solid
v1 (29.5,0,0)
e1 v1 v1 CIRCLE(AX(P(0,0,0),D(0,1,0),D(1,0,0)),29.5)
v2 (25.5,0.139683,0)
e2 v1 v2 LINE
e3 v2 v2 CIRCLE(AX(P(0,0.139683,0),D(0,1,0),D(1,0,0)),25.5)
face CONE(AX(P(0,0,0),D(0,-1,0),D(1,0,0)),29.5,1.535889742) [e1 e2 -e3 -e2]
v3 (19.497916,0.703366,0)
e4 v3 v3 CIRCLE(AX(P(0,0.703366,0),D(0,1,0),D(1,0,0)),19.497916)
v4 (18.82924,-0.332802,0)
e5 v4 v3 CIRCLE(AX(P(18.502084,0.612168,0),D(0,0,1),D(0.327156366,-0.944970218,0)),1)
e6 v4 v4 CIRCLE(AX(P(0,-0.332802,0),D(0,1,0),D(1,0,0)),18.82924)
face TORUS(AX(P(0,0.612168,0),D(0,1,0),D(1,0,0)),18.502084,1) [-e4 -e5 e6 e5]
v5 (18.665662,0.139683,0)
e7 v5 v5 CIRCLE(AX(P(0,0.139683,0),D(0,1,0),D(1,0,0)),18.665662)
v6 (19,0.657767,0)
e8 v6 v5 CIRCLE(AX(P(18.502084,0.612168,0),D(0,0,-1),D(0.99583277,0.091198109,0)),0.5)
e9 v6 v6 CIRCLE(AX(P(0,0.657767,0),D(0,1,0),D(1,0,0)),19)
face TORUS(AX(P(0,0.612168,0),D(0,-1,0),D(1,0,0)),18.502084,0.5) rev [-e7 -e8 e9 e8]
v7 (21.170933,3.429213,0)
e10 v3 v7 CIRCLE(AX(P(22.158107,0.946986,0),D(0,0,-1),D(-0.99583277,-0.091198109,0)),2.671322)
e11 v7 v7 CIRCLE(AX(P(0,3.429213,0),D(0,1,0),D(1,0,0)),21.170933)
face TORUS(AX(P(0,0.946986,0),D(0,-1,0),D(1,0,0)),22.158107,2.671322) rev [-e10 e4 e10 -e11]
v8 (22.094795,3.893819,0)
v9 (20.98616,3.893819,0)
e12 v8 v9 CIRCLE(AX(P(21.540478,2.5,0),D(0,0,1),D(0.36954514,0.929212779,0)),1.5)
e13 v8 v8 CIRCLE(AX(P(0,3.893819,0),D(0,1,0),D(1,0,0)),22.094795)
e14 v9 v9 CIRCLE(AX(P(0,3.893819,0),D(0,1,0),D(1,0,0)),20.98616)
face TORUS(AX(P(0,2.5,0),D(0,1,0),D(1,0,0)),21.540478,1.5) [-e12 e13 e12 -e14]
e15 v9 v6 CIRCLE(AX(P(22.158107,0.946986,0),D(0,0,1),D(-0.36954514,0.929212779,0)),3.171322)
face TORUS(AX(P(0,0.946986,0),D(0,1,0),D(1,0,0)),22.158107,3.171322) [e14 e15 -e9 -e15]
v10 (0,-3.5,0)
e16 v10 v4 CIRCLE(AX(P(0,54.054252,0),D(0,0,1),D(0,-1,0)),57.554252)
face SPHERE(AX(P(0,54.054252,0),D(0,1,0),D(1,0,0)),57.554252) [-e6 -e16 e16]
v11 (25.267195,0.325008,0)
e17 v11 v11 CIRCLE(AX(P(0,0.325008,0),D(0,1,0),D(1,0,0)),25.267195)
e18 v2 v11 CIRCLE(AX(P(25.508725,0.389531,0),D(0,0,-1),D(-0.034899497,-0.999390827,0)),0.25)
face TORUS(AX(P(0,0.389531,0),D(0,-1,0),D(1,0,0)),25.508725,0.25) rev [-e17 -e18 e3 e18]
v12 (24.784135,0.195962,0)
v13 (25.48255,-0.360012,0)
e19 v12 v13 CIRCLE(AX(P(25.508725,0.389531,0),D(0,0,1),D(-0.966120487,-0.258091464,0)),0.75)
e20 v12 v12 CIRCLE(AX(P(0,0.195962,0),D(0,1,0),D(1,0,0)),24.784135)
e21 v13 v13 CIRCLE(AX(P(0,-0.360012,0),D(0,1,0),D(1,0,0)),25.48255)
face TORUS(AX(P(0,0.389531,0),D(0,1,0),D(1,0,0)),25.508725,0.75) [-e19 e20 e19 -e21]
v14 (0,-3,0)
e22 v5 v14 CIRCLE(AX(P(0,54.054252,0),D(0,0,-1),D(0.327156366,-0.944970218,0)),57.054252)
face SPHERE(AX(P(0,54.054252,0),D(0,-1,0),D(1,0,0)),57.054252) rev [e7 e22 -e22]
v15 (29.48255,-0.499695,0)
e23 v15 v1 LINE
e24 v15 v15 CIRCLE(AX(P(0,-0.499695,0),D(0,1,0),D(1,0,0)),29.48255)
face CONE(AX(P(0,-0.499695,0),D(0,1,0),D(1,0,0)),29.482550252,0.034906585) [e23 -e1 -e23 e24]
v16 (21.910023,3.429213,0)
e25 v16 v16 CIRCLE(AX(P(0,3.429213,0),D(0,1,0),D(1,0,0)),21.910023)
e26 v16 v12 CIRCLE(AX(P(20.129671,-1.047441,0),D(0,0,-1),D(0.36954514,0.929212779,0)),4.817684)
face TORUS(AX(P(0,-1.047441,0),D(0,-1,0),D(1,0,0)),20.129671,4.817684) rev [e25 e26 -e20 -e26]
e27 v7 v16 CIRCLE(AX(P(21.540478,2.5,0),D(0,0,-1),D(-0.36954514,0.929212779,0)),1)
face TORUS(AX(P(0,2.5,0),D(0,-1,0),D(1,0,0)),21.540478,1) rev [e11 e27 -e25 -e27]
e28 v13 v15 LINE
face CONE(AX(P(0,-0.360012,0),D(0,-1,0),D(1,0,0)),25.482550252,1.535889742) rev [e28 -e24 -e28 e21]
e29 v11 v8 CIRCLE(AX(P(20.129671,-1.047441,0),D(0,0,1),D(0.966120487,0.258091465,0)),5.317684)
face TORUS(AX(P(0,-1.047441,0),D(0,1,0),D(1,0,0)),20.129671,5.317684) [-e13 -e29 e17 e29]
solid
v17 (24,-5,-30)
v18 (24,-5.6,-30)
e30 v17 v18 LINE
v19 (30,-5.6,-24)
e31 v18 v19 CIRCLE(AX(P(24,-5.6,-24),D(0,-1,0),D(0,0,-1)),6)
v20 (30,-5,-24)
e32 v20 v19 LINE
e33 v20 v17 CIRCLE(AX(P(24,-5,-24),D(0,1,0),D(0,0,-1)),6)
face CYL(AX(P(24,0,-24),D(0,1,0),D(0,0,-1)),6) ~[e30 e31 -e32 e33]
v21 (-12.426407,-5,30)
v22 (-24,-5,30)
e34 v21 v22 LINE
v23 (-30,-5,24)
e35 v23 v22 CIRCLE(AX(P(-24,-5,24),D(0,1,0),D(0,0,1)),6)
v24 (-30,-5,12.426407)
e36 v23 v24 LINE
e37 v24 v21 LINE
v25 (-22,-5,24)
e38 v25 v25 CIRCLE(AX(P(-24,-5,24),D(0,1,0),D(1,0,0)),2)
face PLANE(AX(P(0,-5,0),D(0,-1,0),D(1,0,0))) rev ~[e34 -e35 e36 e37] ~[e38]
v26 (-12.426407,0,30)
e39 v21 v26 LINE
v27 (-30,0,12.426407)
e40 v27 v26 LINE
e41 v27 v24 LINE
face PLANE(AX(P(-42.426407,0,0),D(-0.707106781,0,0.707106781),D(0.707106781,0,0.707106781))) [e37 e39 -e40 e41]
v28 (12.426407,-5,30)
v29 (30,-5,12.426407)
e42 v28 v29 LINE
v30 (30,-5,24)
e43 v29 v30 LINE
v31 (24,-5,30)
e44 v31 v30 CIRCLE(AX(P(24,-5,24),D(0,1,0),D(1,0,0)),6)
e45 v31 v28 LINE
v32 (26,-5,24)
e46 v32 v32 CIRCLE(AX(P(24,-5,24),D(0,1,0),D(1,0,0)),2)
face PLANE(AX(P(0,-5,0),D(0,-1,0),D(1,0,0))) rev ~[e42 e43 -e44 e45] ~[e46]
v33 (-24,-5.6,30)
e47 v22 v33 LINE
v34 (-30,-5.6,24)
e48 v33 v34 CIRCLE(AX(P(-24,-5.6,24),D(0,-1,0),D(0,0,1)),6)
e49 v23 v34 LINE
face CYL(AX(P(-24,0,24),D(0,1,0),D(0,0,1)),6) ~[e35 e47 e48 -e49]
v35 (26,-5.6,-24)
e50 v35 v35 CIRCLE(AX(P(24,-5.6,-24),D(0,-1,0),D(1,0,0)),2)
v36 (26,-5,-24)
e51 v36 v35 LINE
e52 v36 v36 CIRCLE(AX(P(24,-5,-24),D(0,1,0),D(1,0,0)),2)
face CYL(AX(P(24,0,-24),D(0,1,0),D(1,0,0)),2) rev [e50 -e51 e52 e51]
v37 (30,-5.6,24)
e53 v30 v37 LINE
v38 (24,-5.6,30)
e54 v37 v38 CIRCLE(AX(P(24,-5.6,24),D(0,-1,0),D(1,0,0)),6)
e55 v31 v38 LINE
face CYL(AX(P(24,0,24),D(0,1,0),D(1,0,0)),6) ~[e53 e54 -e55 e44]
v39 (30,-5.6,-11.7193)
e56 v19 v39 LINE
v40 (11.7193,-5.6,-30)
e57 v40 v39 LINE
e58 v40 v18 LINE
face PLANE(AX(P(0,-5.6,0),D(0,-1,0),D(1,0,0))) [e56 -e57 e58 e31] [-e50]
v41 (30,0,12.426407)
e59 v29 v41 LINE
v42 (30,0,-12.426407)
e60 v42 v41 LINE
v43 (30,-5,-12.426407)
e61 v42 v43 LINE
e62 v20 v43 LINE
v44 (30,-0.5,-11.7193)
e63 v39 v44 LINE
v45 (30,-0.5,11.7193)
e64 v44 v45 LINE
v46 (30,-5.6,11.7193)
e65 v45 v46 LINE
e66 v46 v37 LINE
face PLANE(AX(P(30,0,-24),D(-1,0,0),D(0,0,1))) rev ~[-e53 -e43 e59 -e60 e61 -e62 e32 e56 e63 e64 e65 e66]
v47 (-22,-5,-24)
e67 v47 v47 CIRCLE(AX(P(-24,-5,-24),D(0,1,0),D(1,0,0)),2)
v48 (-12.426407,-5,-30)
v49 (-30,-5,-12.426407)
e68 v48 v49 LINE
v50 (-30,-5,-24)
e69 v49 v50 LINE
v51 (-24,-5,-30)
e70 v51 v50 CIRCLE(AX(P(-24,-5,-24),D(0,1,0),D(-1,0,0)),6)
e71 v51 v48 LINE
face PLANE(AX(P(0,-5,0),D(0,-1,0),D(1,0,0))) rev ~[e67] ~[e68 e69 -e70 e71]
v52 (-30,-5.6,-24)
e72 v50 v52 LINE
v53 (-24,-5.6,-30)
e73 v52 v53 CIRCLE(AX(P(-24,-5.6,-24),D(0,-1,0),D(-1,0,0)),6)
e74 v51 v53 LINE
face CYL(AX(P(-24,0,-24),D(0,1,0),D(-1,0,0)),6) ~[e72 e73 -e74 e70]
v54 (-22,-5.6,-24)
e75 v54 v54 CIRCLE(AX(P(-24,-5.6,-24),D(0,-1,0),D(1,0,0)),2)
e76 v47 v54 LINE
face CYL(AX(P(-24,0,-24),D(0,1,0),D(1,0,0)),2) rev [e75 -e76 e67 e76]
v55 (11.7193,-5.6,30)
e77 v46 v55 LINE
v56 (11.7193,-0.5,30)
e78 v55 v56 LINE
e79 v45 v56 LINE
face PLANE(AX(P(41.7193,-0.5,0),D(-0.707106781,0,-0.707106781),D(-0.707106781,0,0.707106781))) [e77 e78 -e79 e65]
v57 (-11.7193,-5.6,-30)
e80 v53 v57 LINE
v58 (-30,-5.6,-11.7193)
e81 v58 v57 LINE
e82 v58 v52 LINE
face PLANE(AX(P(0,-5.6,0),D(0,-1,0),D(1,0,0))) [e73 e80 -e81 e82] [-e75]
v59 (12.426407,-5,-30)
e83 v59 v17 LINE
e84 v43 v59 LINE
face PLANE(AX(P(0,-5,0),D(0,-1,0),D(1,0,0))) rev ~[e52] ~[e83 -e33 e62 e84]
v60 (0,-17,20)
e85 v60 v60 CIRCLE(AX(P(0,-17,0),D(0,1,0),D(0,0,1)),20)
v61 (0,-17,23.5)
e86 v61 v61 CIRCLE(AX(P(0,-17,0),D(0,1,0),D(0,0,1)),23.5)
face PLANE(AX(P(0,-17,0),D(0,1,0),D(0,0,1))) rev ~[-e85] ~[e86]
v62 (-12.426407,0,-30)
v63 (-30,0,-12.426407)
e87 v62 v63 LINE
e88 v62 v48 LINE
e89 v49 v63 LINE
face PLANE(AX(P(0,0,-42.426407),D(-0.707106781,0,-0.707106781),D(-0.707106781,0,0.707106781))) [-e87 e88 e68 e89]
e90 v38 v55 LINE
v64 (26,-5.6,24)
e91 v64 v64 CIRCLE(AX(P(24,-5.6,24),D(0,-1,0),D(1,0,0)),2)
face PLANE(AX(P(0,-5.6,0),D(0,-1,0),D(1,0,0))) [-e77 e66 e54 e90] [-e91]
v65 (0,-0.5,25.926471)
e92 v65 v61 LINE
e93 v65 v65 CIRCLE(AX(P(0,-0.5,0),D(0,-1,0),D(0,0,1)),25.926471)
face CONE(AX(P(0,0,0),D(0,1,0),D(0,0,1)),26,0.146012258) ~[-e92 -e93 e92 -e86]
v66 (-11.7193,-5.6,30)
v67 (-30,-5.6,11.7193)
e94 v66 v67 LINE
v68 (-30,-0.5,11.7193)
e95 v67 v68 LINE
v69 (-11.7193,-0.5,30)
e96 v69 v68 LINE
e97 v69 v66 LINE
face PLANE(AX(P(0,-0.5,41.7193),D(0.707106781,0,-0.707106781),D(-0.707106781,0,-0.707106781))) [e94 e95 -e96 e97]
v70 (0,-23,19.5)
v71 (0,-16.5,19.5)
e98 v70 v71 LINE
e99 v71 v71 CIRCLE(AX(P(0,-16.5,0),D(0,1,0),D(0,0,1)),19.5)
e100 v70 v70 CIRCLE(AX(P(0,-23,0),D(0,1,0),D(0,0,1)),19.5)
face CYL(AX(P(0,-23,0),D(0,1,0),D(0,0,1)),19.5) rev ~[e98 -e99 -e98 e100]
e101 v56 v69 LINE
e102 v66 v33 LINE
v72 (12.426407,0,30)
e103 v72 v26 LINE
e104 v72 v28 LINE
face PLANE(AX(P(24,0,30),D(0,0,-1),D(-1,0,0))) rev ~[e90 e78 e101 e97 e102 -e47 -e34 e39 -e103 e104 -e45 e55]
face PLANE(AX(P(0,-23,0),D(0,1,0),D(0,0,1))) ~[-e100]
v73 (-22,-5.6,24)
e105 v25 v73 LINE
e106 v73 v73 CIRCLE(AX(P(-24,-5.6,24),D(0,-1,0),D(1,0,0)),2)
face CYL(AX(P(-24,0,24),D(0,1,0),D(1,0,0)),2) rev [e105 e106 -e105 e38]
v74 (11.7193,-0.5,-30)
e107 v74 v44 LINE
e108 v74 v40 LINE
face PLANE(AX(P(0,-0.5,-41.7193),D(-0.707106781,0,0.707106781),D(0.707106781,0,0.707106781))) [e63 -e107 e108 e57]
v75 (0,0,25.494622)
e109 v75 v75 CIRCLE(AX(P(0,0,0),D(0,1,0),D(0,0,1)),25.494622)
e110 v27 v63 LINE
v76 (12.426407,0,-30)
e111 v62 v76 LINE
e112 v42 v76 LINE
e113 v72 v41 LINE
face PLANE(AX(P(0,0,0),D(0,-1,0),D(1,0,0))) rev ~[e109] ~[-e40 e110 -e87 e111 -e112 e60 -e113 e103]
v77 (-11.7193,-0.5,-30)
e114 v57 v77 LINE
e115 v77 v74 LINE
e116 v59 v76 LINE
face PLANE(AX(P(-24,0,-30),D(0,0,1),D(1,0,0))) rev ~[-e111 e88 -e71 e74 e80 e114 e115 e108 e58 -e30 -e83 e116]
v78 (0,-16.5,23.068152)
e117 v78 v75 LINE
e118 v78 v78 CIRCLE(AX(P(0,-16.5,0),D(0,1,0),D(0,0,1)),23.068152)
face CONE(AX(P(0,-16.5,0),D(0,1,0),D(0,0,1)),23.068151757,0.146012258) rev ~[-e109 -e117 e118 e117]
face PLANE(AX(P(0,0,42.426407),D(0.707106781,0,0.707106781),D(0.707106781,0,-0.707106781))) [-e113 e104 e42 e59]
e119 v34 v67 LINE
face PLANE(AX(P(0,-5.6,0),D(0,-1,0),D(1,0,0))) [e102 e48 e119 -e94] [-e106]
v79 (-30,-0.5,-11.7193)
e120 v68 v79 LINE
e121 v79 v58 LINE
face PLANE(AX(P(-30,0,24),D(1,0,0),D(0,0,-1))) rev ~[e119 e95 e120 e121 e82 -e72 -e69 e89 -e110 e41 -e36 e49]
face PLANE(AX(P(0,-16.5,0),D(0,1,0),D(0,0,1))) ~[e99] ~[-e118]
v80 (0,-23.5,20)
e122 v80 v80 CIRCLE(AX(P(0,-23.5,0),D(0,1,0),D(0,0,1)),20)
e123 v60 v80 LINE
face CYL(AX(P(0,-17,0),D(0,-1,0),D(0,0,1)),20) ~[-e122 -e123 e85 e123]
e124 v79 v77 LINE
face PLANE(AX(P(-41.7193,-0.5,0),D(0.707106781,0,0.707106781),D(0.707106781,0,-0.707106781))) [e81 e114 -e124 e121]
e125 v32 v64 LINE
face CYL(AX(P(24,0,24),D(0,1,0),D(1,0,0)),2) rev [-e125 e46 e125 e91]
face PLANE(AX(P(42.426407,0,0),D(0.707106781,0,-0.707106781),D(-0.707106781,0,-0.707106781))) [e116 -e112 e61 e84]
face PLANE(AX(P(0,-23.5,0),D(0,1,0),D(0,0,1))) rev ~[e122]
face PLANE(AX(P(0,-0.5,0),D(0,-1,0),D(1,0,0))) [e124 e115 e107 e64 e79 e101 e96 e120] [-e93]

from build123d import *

# Parameters (mm, degrees)
F0_R     = 2
F0_R_2   = 25.5
F1_DEPTH = 5.6
F2_W     = 163.1465554237
F2_H     = 104.492045939
F3_DEPTH = 5
F4_START = 0.5
F4_DEPTH = 5.1


with BuildPart() as f1:
    # F0 (on Front) → F1 (new body)
    with BuildSketch(Plane.XZ):
        with BuildLine():
            Line((-24, -30), (24, -30))
            ThreePointArc((24, -30), (28.2426406871, -28.2426406871), (30, -24))
            Line((30, -24), (30, 24))
            ThreePointArc((30, 24), (28.2426406871, 28.2426406871), (24, 30))
            Line((24, 30), (-24, 30))
            ThreePointArc((-24, 30), (-28.2426406871, 28.2426406871), (-30, 24))
            Line((-30, 24), (-30, -24))
            ThreePointArc((-30, -24), (-28.2426406871, -28.2426406871), (-24, -30))
        make_face()
        with Locations((-24, -24)):
            Circle(F0_R, mode=Mode.SUBTRACT)
        with Locations((24, -24)):
            Circle(F0_R, mode=Mode.SUBTRACT)
        with Locations((-24, 24)):
            Circle(F0_R, mode=Mode.SUBTRACT)
        Circle(F0_R_2, mode=Mode.SUBTRACT)
        with Locations((24, 24)):
            Circle(F0_R, mode=Mode.SUBTRACT)
    extrude(amount=F1_DEPTH)

    # F2 (on Front) → F3 (cut)
    with BuildSketch(Plane.XZ):
        Rectangle(F2_W, F2_H)
        Polygon((0, 42.4264068712), (42.4264068712, 0), (0, -42.4264068712), (-42.4264068712, 0), align=None, mode=Mode.SUBTRACT)
    extrude(amount=F3_DEPTH, mode=Mode.SUBTRACT)

    # F2 (on Front) → F4 (cut)
    with BuildSketch(Plane.XZ.offset(F4_START)):
        Polygon((41.71930009, 0), (0, 41.71930009), (-41.71930009, 0), (0, -41.71930009), align=None)
    extrude(amount=F4_DEPTH, mode=Mode.SUBTRACT)

    # F5 (on Right) → F6 (revolve)
    with BuildSketch(Plane.YZ):
        Polygon((0, 25.4946223448), (0, 26), (-17, 23.5), (-17, 20), (-23.5, 20), (-23.5, 0), (-23, 0), (-23, 19.5), (-16.5, 19.5), (-16.5, 23.0681517565), align=None)
    revolve(axis=Axis((0, -23.25, 0), (0, 1, 0)))


with BuildPart() as f8:
    # F7 (on Top) → F8 (revolve)
    with BuildSketch(Plane.XY):
        with BuildLine():
            Line((29.4825502516, -0.4996954135), (29.5, 0))
            Line((29.5, 0), (25.5, 0.139683078))
            ThreePointArc((25.5, 0.139683078), (25.3530225464, 0.1939373669), (25.2671947524, 0.3250079185))
            ThreePointArc((25.2671947524, 0.3250079185), (24.1040899818, 2.4855124371), (22.0947954211, 3.893819169))
            ThreePointArc((22.0947954211, 3.893819169), (21.5404777106, 4), (20.98616, 3.893819169))
            ThreePointArc((20.98616, 3.893819169), (19.4552658731, 2.6058821314), (19, 0.6577672413))
            ThreePointArc((19, 0.6577672413), (18.9221985588, 0.3410530191), (18.6656617981, 0.139683078))
            ThreePointArc((18.6656617981, 0.139683078), (9.4639386646, -2.2096043957), (0, -3))
            Line((0, -3), (0, -3.5))
            ThreePointArc((0, -3.5), (9.5468767306, -2.7026776937), (18.829239981, -0.3328020309))
            ThreePointArc((18.829239981, -0.3328020309), (19.3423135024, 0.0699378514), (19.4979163848, 0.7033662957))
            ThreePointArc((19.4979163848, 0.7033662957), (19.8814037042, 2.3443356749), (21.1709325702, 3.4292127793))
            ThreePointArc((21.1709325702, 3.4292127793), (21.5404777105, 3.5), (21.9100228509, 3.4292127793))
            ThreePointArc((21.9100228509, 3.4292127793), (23.7303917004, 2.1533233426), (24.7841345088, 0.1959621862))
            ThreePointArc((24.7841345088, 0.1959621862), (25.0416178907, -0.1972494689), (25.4825502516, -0.3600123355))
            Line((25.4825502516, -0.3600123355), (29.4825502516, -0.4996954135))
        make_face()
    revolve(axis=Axis((0, -3.25, 0), (0, 1, 0)))


solid = Compound([f1.part, f8.part])
